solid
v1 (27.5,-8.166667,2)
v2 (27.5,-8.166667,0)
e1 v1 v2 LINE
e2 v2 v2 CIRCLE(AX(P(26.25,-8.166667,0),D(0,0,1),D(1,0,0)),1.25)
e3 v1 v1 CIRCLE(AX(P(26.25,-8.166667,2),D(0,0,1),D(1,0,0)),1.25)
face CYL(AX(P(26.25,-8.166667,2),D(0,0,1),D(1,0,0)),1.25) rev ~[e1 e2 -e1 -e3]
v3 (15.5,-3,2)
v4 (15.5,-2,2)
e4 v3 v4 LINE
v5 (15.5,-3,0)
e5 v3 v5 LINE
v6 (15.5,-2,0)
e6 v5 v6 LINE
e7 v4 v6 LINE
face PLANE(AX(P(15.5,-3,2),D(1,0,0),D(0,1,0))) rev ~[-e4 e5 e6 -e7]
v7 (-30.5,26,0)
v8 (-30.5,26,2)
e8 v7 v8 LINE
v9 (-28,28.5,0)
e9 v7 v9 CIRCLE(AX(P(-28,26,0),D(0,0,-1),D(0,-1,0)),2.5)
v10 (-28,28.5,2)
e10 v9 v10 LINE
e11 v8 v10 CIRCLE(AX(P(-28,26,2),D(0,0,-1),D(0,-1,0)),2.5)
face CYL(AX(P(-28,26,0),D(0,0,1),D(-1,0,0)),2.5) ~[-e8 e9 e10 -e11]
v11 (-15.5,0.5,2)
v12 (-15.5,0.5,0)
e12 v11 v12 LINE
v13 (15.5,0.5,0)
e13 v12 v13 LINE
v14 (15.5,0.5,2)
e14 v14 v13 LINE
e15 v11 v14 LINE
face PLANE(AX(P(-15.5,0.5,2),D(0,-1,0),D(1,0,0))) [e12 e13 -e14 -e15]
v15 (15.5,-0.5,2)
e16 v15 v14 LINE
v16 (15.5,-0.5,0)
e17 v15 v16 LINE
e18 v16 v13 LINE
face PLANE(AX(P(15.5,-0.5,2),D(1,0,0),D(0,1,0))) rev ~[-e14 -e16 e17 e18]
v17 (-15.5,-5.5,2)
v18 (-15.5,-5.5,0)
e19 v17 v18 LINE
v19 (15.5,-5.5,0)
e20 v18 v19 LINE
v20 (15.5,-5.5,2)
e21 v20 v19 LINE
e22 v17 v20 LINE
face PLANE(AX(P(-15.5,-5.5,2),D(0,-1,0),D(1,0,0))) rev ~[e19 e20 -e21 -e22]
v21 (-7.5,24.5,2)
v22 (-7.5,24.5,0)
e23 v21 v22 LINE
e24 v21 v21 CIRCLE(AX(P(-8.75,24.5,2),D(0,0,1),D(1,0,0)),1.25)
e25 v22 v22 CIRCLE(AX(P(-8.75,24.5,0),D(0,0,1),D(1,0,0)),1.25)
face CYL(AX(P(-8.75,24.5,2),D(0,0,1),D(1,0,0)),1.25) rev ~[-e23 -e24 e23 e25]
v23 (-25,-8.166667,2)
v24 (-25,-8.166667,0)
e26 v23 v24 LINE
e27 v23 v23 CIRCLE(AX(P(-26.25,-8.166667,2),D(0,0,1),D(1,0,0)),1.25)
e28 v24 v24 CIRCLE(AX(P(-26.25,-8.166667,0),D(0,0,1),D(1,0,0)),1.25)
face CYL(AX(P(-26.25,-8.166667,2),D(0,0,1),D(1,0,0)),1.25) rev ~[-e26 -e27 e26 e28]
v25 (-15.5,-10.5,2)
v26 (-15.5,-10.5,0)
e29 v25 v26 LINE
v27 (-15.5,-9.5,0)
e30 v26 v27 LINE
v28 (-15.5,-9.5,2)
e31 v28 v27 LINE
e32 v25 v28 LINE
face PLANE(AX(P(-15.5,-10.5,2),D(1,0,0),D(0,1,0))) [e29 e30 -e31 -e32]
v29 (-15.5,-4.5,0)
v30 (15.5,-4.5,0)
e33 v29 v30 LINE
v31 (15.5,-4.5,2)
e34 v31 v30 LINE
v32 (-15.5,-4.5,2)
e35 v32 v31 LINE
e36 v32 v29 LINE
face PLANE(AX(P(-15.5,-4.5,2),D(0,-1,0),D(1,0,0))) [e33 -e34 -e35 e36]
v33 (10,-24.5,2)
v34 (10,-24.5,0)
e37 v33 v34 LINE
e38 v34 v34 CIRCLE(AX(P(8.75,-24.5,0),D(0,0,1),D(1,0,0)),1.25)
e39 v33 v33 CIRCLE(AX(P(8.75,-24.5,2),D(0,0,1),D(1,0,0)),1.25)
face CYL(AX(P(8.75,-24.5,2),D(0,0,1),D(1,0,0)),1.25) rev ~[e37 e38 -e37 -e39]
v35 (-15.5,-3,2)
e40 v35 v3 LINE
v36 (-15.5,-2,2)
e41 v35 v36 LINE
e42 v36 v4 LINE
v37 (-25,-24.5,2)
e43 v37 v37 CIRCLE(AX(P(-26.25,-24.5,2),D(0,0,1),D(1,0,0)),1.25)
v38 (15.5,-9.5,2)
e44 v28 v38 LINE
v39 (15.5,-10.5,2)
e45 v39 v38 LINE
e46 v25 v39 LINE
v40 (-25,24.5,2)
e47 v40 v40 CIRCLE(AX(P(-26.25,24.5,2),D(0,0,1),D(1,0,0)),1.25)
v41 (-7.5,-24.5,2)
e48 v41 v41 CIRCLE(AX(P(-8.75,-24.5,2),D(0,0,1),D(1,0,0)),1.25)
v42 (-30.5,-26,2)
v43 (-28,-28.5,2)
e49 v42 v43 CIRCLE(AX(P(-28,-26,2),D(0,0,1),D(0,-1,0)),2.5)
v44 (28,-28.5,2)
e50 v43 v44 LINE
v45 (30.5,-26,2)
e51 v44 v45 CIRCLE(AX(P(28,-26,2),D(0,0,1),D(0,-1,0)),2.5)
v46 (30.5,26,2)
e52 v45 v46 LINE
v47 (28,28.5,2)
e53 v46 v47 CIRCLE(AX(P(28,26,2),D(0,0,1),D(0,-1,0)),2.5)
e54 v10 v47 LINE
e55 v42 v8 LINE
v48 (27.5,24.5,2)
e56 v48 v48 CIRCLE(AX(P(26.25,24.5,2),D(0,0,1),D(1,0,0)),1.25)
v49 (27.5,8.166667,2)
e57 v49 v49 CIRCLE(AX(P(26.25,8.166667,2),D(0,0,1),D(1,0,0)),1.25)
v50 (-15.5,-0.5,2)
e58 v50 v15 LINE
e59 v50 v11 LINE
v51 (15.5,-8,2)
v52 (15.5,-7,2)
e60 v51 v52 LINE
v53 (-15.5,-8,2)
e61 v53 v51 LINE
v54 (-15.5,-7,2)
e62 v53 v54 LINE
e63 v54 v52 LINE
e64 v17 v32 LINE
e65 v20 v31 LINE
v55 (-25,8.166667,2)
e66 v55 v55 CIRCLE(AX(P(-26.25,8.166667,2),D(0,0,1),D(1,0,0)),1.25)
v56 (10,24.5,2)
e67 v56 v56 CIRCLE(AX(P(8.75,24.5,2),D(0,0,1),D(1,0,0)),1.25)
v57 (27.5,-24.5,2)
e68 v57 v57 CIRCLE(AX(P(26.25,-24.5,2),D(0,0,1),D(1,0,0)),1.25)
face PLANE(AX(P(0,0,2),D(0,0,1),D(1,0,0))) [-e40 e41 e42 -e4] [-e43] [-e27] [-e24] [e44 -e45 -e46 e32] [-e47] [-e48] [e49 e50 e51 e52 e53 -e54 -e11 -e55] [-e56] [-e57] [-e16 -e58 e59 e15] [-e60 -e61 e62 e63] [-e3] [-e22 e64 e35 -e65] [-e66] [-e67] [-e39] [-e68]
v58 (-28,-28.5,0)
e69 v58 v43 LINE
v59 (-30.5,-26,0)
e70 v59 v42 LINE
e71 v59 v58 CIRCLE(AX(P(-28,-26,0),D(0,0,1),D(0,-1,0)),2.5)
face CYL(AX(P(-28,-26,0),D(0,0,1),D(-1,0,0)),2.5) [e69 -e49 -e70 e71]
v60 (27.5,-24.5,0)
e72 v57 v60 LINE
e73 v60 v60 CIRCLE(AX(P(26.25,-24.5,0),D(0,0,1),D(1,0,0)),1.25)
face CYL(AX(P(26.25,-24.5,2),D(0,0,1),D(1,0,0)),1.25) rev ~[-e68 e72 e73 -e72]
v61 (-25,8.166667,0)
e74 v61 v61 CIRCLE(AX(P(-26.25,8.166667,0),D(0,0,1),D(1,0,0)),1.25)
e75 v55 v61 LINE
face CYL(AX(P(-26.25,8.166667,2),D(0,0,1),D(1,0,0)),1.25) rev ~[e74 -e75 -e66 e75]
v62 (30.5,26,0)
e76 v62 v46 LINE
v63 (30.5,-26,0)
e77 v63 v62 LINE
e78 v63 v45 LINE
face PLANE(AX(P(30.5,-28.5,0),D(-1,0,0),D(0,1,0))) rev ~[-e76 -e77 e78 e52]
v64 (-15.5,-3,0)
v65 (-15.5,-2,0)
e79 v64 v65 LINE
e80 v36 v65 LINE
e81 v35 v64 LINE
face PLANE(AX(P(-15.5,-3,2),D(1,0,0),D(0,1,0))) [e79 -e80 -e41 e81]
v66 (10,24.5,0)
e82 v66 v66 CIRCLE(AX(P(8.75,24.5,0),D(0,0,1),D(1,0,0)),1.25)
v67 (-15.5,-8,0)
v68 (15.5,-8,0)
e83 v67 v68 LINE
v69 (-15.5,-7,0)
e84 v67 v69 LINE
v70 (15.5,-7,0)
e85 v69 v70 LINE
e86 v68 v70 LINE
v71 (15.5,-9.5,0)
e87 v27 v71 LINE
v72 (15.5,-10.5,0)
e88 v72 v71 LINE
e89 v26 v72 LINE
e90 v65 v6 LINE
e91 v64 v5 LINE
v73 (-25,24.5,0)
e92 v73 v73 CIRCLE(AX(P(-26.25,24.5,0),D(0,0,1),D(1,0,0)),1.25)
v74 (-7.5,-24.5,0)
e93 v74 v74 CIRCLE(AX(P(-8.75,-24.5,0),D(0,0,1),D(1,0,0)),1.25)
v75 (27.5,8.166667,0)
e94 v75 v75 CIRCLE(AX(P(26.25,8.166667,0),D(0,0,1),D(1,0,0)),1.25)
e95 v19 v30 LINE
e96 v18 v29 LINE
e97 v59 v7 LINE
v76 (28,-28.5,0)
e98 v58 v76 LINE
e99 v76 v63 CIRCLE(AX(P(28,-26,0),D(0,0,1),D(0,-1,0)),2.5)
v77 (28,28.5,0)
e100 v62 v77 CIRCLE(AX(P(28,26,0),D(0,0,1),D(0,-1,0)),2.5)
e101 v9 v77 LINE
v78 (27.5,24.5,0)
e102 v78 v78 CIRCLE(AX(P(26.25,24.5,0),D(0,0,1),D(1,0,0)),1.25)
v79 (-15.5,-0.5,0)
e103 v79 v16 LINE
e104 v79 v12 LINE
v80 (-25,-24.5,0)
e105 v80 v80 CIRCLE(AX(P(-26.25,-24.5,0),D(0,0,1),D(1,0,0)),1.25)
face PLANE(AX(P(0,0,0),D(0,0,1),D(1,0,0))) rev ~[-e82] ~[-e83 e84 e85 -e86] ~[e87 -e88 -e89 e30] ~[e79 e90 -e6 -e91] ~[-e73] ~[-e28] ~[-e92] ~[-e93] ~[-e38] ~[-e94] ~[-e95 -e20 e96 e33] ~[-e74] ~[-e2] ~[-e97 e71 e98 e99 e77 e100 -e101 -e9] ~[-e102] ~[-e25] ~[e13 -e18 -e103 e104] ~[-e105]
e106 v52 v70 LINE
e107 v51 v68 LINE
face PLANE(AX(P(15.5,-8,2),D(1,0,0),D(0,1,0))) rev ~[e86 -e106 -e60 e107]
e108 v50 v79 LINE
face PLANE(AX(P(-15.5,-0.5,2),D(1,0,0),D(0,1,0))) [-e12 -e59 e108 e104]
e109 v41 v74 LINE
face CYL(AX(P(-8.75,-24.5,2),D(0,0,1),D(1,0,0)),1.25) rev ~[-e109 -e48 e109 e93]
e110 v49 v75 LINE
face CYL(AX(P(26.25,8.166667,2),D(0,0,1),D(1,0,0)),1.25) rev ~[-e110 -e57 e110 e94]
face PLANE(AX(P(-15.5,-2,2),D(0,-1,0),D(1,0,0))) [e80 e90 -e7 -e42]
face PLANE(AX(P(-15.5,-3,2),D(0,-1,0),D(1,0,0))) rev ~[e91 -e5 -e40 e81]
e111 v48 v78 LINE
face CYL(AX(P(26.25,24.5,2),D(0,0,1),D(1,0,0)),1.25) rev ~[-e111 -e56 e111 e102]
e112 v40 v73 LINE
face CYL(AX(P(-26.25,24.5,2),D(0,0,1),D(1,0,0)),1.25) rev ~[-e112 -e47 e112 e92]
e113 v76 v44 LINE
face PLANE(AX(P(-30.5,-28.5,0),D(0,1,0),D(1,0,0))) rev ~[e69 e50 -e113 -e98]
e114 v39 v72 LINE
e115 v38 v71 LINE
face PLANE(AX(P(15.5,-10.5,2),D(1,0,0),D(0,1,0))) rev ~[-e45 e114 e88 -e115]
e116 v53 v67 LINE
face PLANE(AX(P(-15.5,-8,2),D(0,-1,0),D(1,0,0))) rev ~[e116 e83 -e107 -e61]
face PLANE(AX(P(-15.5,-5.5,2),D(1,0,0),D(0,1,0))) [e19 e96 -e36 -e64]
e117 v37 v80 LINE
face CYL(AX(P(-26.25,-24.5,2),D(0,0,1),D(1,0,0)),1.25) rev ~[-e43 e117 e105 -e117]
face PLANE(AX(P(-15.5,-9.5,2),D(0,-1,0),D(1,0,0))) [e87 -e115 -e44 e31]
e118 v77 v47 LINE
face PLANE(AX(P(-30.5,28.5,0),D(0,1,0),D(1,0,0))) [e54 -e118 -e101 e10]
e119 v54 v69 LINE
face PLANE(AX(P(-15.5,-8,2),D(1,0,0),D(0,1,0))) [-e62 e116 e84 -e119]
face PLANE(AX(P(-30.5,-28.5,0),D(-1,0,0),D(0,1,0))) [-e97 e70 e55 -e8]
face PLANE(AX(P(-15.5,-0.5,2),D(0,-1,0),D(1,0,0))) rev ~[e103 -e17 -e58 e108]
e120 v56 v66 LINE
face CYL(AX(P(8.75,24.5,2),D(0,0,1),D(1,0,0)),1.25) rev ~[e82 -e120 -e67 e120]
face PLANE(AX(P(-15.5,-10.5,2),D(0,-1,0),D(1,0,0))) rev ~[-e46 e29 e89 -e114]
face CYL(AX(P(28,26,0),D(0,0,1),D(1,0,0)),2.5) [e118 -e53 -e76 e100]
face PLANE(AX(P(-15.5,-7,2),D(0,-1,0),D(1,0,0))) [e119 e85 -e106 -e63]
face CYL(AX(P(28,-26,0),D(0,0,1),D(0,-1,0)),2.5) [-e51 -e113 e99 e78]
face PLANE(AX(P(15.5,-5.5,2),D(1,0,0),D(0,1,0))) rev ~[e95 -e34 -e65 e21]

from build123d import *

# Parameters (mm, degrees)
SKETCH1_W           = 61
SKETCH1_H           = 57
BOSS_EXTRUDE1_DEPTH = 2
FILLET1_R           = 2.5
SKETCH2_R           = 1.25
CUT_EXTRUDE1_DEPTH  = 2
SKETCH3_W           = 31
SKETCH3_H           = 1
CUT_EXTRUDE2_DEPTH  = 2


with BuildPart() as part:
    # Sketch1 → Boss-Extrude1 (new body)
    with BuildSketch(Plane.XY):
        Rectangle(SKETCH1_W, SKETCH1_H)
    extrude(amount=BOSS_EXTRUDE1_DEPTH)

    # Fillet1
    fillet1_edges = [part.edges().sort_by_distance(p)[0] for p in [
        (30.5, -28.5, 1),
        (-30.5, -28.5, 1),
        (-30.5, 28.5, 1),
        (30.5, 28.5, 1),
    ]]
    fillet(fillet1_edges, radius=FILLET1_R)

    # Sketch2 → Cut-Extrude1 (cut)
    with BuildSketch(Plane.XY.offset(2)):
        with Locations((-26.25, 24.5)):
            Circle(SKETCH2_R)
        with Locations((-8.75, 24.5)):
            Circle(SKETCH2_R)
        with Locations((8.75, 24.5)):
            Circle(SKETCH2_R)
        with Locations((26.25, 24.5)):
            Circle(SKETCH2_R)
        with Locations((26.25, 8.166666667)):
            Circle(SKETCH2_R)
        with Locations((26.25, -8.166666667)):
            Circle(SKETCH2_R)
        with Locations((-8.75, -24.5)):
            Circle(SKETCH2_R)
        with Locations((8.75, -24.5)):
            Circle(SKETCH2_R)
        with Locations((26.25, -24.5)):
            Circle(SKETCH2_R)
        with Locations((-26.25, 8.166666667)):
            Circle(SKETCH2_R)
        with Locations((-26.25, -8.166666667)):
            Circle(SKETCH2_R)
        with Locations((-26.25, -24.5)):
            Circle(SKETCH2_R)
    extrude(amount=-CUT_EXTRUDE1_DEPTH, mode=Mode.SUBTRACT)

    # Sketch3 → Cut-Extrude2 (cut)
    with BuildSketch(Plane.XY.offset(2)):
        Rectangle(SKETCH3_W, SKETCH3_H)
        with Locations((0, -2.5)):
            Rectangle(SKETCH3_W, SKETCH3_H)
        with Locations((0, -5)):
            Rectangle(SKETCH3_W, SKETCH3_H)
        with Locations((0, -7.5)):
            Rectangle(SKETCH3_W, SKETCH3_H)
        with Locations((0, -10)):
            Rectangle(SKETCH3_W, SKETCH3_H)
    extrude(amount=-CUT_EXTRUDE2_DEPTH, mode=Mode.SUBTRACT)


solid = part.part
